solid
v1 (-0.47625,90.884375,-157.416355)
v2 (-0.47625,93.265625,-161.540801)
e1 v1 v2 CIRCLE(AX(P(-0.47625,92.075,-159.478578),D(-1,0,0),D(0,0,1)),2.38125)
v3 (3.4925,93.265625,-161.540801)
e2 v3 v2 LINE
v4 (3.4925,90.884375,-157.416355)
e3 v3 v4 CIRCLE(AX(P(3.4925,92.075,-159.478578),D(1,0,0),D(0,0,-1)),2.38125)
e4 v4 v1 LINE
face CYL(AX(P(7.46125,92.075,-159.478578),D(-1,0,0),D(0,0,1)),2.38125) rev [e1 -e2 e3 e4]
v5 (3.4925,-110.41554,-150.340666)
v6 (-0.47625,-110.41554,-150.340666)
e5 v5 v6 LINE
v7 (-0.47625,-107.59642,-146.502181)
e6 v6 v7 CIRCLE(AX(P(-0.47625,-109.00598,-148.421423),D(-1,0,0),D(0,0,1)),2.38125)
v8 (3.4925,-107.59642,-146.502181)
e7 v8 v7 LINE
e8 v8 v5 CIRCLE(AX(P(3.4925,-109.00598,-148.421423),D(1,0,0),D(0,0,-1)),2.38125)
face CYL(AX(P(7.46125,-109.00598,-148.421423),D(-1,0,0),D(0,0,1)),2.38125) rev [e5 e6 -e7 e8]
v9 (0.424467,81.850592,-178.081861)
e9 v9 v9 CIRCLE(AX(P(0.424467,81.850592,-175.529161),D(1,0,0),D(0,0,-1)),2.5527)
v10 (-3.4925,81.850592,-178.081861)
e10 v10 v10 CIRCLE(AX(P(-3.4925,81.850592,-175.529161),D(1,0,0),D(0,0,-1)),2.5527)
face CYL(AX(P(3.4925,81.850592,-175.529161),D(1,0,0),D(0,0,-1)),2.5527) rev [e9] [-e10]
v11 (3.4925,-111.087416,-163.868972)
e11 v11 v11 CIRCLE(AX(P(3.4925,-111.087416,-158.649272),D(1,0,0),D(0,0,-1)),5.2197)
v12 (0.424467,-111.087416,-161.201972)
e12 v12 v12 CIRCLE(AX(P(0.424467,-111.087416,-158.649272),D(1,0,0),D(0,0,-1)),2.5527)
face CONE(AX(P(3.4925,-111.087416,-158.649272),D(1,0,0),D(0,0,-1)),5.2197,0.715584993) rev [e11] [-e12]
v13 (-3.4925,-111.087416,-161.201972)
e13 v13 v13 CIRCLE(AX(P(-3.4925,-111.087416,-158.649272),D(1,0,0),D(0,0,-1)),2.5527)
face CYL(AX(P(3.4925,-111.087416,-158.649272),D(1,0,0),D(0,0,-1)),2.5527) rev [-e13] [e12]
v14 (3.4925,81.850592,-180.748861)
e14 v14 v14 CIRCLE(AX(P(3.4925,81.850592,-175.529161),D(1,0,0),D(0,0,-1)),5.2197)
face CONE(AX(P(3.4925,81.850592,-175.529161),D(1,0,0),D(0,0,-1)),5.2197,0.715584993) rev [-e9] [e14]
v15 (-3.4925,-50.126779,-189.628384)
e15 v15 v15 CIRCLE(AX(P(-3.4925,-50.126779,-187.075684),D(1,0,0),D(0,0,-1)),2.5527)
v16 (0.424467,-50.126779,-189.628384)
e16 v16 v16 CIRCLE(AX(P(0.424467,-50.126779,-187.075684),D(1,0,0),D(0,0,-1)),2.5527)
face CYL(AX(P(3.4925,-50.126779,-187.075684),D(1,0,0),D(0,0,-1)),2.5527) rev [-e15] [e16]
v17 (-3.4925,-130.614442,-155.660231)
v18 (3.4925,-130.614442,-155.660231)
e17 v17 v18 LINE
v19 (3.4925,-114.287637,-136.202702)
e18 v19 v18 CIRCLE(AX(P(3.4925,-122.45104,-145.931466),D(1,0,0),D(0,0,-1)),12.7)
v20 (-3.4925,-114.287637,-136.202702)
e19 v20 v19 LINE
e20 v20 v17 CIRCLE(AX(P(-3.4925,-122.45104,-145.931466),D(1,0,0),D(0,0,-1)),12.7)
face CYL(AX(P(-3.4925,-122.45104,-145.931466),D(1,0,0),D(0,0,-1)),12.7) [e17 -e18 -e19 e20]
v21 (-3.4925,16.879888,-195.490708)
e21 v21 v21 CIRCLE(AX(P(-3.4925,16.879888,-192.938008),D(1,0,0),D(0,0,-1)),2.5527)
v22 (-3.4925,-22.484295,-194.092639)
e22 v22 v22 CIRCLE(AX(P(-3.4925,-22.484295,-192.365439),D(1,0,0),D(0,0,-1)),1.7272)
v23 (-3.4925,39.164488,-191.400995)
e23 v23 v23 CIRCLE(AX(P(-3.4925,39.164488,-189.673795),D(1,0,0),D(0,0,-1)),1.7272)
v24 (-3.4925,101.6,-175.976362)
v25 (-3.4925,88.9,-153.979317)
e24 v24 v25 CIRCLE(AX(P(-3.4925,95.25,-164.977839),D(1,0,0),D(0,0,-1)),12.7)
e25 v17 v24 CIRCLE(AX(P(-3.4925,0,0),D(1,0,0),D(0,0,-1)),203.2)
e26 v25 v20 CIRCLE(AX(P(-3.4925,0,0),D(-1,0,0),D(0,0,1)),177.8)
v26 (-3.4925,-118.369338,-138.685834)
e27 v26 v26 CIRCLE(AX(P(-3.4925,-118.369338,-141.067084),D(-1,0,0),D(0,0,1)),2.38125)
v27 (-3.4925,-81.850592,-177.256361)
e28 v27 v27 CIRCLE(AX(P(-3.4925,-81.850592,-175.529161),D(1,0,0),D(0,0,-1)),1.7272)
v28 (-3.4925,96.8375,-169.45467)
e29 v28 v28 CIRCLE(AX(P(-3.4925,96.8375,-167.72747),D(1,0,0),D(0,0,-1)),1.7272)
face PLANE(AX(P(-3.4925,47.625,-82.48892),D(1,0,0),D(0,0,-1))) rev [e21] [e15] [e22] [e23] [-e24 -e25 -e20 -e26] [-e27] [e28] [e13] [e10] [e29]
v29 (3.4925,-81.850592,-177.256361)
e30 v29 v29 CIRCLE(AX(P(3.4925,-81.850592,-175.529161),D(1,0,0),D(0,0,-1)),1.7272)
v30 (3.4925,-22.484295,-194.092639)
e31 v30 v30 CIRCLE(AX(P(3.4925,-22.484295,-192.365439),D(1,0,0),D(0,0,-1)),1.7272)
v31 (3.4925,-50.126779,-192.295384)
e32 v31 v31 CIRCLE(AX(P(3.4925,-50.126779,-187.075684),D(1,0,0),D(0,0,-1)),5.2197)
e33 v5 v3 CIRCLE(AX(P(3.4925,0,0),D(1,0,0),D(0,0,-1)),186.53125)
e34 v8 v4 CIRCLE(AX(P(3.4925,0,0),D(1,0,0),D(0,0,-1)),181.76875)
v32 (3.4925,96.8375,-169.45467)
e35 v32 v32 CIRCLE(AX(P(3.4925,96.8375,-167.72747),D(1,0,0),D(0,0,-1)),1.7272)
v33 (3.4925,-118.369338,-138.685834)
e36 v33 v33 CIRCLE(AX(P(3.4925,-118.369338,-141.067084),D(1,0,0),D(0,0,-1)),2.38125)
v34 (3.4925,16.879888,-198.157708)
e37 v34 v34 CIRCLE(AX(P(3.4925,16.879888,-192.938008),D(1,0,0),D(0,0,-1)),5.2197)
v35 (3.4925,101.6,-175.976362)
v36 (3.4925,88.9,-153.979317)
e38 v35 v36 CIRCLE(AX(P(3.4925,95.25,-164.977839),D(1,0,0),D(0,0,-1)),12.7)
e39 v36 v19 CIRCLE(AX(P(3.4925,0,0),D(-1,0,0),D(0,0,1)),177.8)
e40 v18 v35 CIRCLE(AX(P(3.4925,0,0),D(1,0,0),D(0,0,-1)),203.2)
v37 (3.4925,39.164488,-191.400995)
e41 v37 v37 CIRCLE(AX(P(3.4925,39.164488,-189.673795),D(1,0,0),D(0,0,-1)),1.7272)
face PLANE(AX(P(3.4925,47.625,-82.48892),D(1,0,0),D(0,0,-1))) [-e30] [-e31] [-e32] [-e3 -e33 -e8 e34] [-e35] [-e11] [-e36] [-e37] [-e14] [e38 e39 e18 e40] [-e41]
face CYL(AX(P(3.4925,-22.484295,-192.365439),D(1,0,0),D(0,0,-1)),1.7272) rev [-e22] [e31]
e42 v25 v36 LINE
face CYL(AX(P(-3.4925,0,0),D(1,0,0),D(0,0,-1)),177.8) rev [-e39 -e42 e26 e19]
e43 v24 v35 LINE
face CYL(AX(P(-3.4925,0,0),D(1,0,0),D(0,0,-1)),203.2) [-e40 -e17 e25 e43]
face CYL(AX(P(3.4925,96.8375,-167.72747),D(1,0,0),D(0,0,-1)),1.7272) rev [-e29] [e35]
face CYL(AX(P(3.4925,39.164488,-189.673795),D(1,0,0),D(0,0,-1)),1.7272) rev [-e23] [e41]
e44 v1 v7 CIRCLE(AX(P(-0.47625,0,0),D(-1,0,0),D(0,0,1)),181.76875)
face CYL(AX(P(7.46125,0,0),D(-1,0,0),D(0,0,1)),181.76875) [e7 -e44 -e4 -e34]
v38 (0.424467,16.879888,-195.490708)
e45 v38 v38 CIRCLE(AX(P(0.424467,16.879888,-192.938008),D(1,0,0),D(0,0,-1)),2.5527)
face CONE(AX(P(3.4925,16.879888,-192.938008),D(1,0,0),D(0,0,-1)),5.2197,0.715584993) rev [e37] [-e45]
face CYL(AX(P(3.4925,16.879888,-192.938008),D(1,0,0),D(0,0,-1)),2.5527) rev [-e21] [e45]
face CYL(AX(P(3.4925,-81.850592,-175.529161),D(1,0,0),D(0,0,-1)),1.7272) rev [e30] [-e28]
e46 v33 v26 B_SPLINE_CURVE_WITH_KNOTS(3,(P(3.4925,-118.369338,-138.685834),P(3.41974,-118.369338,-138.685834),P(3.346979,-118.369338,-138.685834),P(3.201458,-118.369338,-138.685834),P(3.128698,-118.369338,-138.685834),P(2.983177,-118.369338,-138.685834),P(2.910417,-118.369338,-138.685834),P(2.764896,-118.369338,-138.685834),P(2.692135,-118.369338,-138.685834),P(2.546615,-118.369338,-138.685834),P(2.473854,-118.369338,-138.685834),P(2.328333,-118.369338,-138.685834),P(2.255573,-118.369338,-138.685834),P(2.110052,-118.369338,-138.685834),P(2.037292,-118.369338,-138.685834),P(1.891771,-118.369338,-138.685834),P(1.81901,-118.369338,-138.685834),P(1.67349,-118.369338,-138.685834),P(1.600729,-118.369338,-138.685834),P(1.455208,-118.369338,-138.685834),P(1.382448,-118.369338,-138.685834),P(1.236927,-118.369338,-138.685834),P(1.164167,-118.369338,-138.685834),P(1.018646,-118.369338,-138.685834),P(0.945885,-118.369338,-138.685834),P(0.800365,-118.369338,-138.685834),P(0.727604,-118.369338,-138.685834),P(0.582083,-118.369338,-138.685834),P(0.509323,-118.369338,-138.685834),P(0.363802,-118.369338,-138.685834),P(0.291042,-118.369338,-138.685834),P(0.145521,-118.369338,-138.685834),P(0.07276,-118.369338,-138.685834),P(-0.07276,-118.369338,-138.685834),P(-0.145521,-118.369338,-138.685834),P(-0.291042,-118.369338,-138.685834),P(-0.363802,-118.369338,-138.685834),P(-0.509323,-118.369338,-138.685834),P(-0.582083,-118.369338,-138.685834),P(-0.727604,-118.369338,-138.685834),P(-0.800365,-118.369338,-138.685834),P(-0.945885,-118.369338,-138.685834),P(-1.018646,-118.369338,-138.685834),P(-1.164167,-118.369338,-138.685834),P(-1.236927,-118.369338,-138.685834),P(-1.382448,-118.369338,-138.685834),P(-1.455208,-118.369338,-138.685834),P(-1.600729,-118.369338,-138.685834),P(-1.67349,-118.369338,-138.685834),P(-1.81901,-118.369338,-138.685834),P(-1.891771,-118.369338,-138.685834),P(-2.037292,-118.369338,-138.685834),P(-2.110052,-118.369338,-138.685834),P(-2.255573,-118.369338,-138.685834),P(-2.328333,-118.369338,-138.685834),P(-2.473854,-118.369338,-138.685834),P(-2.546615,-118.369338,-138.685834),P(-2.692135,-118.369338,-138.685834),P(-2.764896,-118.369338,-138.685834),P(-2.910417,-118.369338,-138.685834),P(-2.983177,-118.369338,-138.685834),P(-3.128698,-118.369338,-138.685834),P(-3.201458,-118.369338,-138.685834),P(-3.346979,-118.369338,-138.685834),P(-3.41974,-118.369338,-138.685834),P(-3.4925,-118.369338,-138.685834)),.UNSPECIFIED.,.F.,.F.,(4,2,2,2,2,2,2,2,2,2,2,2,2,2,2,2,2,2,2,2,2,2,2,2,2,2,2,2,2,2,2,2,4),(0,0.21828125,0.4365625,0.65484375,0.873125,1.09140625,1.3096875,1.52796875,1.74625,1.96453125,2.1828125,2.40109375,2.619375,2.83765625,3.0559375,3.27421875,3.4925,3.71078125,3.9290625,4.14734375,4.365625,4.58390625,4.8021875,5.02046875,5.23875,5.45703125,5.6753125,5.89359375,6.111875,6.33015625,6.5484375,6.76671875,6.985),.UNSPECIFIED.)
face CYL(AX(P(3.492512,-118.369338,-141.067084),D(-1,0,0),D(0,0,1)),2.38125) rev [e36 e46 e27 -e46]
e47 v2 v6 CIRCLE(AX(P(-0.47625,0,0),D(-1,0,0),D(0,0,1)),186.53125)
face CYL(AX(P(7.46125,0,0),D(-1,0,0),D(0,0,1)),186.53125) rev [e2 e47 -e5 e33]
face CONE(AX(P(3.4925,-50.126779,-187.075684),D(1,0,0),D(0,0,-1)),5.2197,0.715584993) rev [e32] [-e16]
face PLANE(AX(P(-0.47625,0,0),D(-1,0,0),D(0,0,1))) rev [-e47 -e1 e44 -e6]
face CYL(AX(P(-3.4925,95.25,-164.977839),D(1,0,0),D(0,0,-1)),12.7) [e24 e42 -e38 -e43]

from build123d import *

# Parameters (mm, degrees)
BOSS_EXTRUDE1_DEPTH                                = 3.4925
CUT_EXTRUDE1_DEPTH                                 = 3.96875
CSK_FOR_10_FLAT_HEAD_SOCKET_CAP_SCREW1_D           = 5.1054
CSK_FOR_10_FLAT_HEAD_SOCKET_CAP_SCREW1_CSINK_D     = 10.4394
CSK_FOR_10_FLAT_HEAD_SOCKET_CAP_SCREW1_CSINK_ANGLE = 82
CUT_EXTRUDE2_DEPTH                                 = 245.141012004
CUT_EXTRUDE2_DEPTH_BACK                            = 245.141012004
SKETCH3_3_R                                        = 2.38125
F_8_32_TAPPED_HOLE2_D                              = 3.4544


with BuildPart() as part:
    # Sketch2 → Boss-Extrude1 (new, symmetric)
    with BuildSketch(Plane(origin=(0, 0, 0), x_dir=(0, 0, -1), z_dir=(1, 0, 0))):
        with BuildLine():
            ThreePointArc((153.979316793, 88.9), (177.123417321, -15.496291061), (136.202701987, -114.287637002))
            ThreePointArc((136.202701987, -114.287637002), (137.768063771, -132.179804073), (155.660230842, -130.614442288))
            ThreePointArc((155.660230842, -130.614442288), (202.426762652, -17.710046926), (175.976362049, 101.6))
            ThreePointArc((175.976362049, 101.6), (158.627839421, 106.248522628), (153.979316793, 88.9))
        make_face()
    extrude(amount=BOSS_EXTRUDE1_DEPTH, both=True)

    # Sketch3 → Cut-Extrude1 (cut, symmetric)
    with BuildSketch(Plane.ZY.offset(-3.4925)):
        with BuildLine():
            ThreePointArc((-161.5408011, 93.265625), (-186.249876712, -10.241613709), (-150.340665851, -110.415539748))
            ThreePointArc((-150.340665851, -110.415539748), (-147.011863227, -110.925222209), (-146.502180766, -107.596419585))
            ThreePointArc((-146.502180766, -107.596419585), (-181.494560711, -9.980125699), (-157.416355114, 90.884375))
            ThreePointArc((-157.416355114, 90.884375), (-158.287953107, 94.137222993), (-161.5408011, 93.265625))
        make_face()
    extrude(amount=CUT_EXTRUDE1_DEPTH, both=True, mode=Mode.SUBTRACT)

    # CSK for #10 Flat Head Socket Cap Screw1 (through all)
    with Locations(Plane(origin=(3.4925, 0, 0), x_dir=(0, 0, -1), z_dir=(1, 0, 0))):
        with Locations((175.529160654, 81.850591843), (192.938008153, 16.879888477), (187.075684407, -50.12677856), (158.649272178, -111.08741631)):
            CounterSinkHole(CSK_FOR_10_FLAT_HEAD_SOCKET_CAP_SCREW1_D / 2, CSK_FOR_10_FLAT_HEAD_SOCKET_CAP_SCREW1_CSINK_D / 2, counter_sink_angle=CSK_FOR_10_FLAT_HEAD_SOCKET_CAP_SCREW1_CSINK_ANGLE)

    # Sketch3<3> → Cut-Extrude2 (cut, two sides: drawn at the far end of the back side and taken through both)
    with BuildSketch(Plane.ZY.offset(-3.4925).offset(-CUT_EXTRUDE2_DEPTH_BACK)):
        with Locations((-141.0670842, -118.369338324)):
            Circle(SKETCH3_3_R)
    extrude(amount=CUT_EXTRUDE2_DEPTH + CUT_EXTRUDE2_DEPTH_BACK, mode=Mode.SUBTRACT)

    # #8-32 Tapped Hole2 (through all)
    with Locations(Plane(origin=(3.4925, 0, 0), x_dir=(0, 0, -1), z_dir=(1, 0, 0))):
        with Locations((167.727470078, 96.8375), (189.67379492, 39.164488321), (175.529160654, -81.850591843), (192.365438936, -22.484295143)):
            Hole(F_8_32_TAPPED_HOLE2_D / 2)


solid = part.part
